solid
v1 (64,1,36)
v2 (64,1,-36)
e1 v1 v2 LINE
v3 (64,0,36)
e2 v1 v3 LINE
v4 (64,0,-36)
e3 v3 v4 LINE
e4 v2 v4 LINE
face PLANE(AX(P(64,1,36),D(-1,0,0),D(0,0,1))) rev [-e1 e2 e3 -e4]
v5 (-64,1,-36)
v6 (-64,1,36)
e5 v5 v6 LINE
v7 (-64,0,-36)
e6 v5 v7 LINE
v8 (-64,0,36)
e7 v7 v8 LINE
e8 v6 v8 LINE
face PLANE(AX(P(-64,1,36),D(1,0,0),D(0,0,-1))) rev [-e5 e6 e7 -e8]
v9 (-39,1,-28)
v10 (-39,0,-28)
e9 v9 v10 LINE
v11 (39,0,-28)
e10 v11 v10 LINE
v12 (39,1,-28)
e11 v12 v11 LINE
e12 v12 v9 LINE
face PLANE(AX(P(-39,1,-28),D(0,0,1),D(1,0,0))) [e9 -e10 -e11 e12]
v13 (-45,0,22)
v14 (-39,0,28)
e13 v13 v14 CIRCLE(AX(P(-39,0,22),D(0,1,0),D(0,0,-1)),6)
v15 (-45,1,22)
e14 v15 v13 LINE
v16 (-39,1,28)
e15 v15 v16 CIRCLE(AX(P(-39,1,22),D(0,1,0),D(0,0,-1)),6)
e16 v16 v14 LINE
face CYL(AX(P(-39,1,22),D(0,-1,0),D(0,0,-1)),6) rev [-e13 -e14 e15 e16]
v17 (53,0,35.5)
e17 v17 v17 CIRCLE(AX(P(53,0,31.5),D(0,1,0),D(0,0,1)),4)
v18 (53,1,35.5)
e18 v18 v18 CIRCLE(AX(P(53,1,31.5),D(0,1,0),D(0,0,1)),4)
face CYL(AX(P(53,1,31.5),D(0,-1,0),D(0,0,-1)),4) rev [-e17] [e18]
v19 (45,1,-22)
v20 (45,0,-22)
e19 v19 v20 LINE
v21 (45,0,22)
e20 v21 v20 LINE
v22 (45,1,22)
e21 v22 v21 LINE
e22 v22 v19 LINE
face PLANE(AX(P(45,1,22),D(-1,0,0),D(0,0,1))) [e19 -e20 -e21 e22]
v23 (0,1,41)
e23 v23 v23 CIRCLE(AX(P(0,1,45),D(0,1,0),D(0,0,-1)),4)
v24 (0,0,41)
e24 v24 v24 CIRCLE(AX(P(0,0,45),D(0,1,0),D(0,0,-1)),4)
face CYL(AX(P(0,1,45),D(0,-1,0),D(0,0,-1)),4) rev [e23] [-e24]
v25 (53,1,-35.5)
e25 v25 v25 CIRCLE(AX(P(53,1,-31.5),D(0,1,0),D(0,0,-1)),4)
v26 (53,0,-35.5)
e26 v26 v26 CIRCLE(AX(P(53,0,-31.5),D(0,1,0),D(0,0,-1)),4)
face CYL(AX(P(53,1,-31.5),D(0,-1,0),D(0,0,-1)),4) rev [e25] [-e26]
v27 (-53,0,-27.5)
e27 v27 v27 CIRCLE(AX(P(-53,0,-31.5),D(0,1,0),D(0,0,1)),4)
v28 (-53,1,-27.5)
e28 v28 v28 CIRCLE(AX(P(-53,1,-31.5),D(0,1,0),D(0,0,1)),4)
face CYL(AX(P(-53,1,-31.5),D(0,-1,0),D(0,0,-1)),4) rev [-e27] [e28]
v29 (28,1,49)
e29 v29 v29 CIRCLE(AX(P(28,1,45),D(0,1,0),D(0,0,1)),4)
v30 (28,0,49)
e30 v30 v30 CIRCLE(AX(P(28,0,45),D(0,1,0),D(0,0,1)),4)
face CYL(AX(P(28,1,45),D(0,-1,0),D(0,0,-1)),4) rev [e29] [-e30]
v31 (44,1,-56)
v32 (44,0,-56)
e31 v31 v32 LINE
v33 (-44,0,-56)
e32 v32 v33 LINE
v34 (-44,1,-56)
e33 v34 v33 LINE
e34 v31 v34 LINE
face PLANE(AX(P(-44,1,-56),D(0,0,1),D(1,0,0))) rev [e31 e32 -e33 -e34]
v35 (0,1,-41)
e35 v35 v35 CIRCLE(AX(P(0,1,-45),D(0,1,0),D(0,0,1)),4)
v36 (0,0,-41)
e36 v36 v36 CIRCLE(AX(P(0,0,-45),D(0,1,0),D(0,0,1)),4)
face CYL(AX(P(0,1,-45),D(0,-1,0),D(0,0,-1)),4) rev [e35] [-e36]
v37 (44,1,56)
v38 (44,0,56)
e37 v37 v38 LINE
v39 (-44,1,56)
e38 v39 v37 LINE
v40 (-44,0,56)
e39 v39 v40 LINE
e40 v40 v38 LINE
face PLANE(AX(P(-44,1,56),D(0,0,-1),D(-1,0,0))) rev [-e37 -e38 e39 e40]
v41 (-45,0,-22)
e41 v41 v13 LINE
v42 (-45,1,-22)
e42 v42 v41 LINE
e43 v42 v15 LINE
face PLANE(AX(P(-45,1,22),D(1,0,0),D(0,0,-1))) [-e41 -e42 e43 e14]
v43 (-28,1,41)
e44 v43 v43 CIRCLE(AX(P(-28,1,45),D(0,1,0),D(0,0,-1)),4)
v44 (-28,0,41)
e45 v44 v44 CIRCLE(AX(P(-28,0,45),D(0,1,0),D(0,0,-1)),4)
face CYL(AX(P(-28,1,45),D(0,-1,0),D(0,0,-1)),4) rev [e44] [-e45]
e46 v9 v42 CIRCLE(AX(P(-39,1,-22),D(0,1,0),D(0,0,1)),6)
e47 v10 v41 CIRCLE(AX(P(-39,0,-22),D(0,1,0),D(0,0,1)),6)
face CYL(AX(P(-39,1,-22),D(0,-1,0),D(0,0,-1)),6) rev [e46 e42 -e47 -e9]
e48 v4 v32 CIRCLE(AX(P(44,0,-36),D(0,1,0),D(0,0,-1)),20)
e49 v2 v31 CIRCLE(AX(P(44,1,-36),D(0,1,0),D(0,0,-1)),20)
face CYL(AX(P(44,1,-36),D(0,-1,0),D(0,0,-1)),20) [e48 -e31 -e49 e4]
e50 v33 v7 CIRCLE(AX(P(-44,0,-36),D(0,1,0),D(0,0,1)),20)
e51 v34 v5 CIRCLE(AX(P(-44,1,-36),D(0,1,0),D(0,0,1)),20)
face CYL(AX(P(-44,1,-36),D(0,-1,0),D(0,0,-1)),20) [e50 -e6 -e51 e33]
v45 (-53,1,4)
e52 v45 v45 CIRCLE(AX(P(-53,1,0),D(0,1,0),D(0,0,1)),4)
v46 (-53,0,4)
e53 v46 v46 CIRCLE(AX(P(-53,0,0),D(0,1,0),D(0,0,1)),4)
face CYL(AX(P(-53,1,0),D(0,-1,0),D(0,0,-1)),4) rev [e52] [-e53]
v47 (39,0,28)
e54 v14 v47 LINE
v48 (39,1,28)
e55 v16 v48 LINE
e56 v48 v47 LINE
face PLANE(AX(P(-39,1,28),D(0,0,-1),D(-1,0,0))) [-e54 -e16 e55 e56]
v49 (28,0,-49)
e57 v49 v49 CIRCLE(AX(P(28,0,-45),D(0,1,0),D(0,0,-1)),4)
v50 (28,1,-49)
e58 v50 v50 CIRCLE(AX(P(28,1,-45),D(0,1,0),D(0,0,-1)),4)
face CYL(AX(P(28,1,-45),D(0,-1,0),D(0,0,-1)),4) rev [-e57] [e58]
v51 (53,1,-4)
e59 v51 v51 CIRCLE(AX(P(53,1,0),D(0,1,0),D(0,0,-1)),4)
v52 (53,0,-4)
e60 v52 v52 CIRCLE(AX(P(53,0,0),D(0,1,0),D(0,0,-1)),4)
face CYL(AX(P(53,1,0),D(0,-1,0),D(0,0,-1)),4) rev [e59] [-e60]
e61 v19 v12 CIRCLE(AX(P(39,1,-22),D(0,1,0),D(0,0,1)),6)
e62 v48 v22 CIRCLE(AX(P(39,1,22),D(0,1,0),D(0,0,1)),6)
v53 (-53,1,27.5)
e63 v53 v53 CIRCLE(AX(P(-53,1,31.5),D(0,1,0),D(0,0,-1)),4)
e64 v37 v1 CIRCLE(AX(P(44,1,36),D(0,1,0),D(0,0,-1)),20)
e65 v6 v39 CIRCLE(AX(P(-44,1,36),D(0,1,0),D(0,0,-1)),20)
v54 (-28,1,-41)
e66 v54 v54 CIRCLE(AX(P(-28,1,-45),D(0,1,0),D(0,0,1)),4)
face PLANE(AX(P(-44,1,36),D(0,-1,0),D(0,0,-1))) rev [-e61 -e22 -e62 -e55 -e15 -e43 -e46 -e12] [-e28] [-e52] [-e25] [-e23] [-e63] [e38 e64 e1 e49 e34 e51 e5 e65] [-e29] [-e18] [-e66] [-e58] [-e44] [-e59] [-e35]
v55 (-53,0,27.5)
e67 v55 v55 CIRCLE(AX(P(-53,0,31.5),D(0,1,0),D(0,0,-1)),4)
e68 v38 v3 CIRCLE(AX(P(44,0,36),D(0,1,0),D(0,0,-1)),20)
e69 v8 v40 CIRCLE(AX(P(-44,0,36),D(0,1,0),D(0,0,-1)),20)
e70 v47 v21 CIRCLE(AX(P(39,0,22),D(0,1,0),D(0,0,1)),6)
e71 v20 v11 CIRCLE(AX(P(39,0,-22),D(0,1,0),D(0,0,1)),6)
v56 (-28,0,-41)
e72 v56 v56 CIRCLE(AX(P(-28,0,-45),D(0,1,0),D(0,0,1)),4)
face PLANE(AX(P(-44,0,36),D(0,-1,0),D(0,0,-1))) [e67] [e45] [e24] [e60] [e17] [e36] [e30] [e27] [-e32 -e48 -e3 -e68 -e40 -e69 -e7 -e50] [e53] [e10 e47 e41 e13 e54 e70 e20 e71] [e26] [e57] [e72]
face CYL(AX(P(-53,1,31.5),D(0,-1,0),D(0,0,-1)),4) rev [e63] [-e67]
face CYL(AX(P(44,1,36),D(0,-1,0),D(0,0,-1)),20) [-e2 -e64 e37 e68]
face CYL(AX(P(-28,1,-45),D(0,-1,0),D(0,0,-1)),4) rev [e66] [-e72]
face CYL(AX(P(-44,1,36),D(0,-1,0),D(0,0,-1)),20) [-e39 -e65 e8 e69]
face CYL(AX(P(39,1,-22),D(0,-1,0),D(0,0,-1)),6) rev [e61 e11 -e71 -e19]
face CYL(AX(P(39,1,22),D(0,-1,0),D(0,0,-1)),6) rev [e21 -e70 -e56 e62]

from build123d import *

# Parameters (mm, degrees)
SKETCH_1_R      = 4
EXTRUDE_1_DEPTH = 1


with BuildPart() as part:
    # 草图1 → 凸台-拉伸1 (new body)
    with BuildSketch(Plane(origin=(0, 0, 0), x_dir=(1, 0, 0), z_dir=(0, 1, 0))):
        with BuildLine():
            Line((-44, -56), (44, -56))
            ThreePointArc((44, -56), (58.142135624, -50.142135624), (64, -36))
            Line((64, -36), (64, 36))
            ThreePointArc((64, 36), (58.142135624, 50.142135624), (44, 56))
            Line((44, 56), (-44, 56))
            ThreePointArc((-44, 56), (-58.142135624, 50.142135624), (-64, 36))
            Line((-64, 36), (-64, -36))
            ThreePointArc((-64, -36), (-58.142135624, -50.142135624), (-44, -56))
        make_face()
        with Locations(Location((-28, 45, 0), (0, 0, 270))):
            Circle(SKETCH_1_R, mode=Mode.SUBTRACT)
        with Locations(Location((0, 45, 0), (0, 0, 270))):
            Circle(SKETCH_1_R, mode=Mode.SUBTRACT)
        with Locations(Location((28, 45, 0), (0, 0, 90))):
            Circle(SKETCH_1_R, mode=Mode.SUBTRACT)
        with Locations(Location((-53, 31.5, 0), (0, 0, 270))):
            Circle(SKETCH_1_R, mode=Mode.SUBTRACT)
        with Locations(Location((-53, 0, 0), (0, 0, 270))):
            Circle(SKETCH_1_R, mode=Mode.SUBTRACT)
        with Locations(Location((-53, -31.5, 0), (0, 0, 90))):
            Circle(SKETCH_1_R, mode=Mode.SUBTRACT)
        with Locations(Location((53, 31.5, 0), (0, 0, 90))):
            Circle(SKETCH_1_R, mode=Mode.SUBTRACT)
        with Locations(Location((53, 0, 0), (0, 0, 90))):
            Circle(SKETCH_1_R, mode=Mode.SUBTRACT)
        with Locations(Location((53, -31.5, 0), (0, 0, 270))):
            Circle(SKETCH_1_R, mode=Mode.SUBTRACT)
        with Locations(Location((28, -45, 0), (0, 0, 270))):
            Circle(SKETCH_1_R, mode=Mode.SUBTRACT)
        with Locations(Location((0, -45, 0), (0, 0, 90))):
            Circle(SKETCH_1_R, mode=Mode.SUBTRACT)
        with Locations(Location((-28, -45, 0), (0, 0, 90))):
            Circle(SKETCH_1_R, mode=Mode.SUBTRACT)
        with BuildLine():
            Line((-39, -28), (39, -28))
            ThreePointArc((39, -28), (43.242640687, -26.242640687), (45, -22))
            Line((45, -22), (45, 22))
            ThreePointArc((45, 22), (43.242640687, 26.242640687), (39, 28))
            Line((39, 28), (-39, 28))
            ThreePointArc((-39, 28), (-43.242640687, 26.242640687), (-45, 22))
            Line((-45, 22), (-45, -22))
            ThreePointArc((-45, -22), (-43.242640687, -26.242640687), (-39, -28))
        make_face(mode=Mode.SUBTRACT)
    extrude(amount=EXTRUDE_1_DEPTH)


solid = part.part
